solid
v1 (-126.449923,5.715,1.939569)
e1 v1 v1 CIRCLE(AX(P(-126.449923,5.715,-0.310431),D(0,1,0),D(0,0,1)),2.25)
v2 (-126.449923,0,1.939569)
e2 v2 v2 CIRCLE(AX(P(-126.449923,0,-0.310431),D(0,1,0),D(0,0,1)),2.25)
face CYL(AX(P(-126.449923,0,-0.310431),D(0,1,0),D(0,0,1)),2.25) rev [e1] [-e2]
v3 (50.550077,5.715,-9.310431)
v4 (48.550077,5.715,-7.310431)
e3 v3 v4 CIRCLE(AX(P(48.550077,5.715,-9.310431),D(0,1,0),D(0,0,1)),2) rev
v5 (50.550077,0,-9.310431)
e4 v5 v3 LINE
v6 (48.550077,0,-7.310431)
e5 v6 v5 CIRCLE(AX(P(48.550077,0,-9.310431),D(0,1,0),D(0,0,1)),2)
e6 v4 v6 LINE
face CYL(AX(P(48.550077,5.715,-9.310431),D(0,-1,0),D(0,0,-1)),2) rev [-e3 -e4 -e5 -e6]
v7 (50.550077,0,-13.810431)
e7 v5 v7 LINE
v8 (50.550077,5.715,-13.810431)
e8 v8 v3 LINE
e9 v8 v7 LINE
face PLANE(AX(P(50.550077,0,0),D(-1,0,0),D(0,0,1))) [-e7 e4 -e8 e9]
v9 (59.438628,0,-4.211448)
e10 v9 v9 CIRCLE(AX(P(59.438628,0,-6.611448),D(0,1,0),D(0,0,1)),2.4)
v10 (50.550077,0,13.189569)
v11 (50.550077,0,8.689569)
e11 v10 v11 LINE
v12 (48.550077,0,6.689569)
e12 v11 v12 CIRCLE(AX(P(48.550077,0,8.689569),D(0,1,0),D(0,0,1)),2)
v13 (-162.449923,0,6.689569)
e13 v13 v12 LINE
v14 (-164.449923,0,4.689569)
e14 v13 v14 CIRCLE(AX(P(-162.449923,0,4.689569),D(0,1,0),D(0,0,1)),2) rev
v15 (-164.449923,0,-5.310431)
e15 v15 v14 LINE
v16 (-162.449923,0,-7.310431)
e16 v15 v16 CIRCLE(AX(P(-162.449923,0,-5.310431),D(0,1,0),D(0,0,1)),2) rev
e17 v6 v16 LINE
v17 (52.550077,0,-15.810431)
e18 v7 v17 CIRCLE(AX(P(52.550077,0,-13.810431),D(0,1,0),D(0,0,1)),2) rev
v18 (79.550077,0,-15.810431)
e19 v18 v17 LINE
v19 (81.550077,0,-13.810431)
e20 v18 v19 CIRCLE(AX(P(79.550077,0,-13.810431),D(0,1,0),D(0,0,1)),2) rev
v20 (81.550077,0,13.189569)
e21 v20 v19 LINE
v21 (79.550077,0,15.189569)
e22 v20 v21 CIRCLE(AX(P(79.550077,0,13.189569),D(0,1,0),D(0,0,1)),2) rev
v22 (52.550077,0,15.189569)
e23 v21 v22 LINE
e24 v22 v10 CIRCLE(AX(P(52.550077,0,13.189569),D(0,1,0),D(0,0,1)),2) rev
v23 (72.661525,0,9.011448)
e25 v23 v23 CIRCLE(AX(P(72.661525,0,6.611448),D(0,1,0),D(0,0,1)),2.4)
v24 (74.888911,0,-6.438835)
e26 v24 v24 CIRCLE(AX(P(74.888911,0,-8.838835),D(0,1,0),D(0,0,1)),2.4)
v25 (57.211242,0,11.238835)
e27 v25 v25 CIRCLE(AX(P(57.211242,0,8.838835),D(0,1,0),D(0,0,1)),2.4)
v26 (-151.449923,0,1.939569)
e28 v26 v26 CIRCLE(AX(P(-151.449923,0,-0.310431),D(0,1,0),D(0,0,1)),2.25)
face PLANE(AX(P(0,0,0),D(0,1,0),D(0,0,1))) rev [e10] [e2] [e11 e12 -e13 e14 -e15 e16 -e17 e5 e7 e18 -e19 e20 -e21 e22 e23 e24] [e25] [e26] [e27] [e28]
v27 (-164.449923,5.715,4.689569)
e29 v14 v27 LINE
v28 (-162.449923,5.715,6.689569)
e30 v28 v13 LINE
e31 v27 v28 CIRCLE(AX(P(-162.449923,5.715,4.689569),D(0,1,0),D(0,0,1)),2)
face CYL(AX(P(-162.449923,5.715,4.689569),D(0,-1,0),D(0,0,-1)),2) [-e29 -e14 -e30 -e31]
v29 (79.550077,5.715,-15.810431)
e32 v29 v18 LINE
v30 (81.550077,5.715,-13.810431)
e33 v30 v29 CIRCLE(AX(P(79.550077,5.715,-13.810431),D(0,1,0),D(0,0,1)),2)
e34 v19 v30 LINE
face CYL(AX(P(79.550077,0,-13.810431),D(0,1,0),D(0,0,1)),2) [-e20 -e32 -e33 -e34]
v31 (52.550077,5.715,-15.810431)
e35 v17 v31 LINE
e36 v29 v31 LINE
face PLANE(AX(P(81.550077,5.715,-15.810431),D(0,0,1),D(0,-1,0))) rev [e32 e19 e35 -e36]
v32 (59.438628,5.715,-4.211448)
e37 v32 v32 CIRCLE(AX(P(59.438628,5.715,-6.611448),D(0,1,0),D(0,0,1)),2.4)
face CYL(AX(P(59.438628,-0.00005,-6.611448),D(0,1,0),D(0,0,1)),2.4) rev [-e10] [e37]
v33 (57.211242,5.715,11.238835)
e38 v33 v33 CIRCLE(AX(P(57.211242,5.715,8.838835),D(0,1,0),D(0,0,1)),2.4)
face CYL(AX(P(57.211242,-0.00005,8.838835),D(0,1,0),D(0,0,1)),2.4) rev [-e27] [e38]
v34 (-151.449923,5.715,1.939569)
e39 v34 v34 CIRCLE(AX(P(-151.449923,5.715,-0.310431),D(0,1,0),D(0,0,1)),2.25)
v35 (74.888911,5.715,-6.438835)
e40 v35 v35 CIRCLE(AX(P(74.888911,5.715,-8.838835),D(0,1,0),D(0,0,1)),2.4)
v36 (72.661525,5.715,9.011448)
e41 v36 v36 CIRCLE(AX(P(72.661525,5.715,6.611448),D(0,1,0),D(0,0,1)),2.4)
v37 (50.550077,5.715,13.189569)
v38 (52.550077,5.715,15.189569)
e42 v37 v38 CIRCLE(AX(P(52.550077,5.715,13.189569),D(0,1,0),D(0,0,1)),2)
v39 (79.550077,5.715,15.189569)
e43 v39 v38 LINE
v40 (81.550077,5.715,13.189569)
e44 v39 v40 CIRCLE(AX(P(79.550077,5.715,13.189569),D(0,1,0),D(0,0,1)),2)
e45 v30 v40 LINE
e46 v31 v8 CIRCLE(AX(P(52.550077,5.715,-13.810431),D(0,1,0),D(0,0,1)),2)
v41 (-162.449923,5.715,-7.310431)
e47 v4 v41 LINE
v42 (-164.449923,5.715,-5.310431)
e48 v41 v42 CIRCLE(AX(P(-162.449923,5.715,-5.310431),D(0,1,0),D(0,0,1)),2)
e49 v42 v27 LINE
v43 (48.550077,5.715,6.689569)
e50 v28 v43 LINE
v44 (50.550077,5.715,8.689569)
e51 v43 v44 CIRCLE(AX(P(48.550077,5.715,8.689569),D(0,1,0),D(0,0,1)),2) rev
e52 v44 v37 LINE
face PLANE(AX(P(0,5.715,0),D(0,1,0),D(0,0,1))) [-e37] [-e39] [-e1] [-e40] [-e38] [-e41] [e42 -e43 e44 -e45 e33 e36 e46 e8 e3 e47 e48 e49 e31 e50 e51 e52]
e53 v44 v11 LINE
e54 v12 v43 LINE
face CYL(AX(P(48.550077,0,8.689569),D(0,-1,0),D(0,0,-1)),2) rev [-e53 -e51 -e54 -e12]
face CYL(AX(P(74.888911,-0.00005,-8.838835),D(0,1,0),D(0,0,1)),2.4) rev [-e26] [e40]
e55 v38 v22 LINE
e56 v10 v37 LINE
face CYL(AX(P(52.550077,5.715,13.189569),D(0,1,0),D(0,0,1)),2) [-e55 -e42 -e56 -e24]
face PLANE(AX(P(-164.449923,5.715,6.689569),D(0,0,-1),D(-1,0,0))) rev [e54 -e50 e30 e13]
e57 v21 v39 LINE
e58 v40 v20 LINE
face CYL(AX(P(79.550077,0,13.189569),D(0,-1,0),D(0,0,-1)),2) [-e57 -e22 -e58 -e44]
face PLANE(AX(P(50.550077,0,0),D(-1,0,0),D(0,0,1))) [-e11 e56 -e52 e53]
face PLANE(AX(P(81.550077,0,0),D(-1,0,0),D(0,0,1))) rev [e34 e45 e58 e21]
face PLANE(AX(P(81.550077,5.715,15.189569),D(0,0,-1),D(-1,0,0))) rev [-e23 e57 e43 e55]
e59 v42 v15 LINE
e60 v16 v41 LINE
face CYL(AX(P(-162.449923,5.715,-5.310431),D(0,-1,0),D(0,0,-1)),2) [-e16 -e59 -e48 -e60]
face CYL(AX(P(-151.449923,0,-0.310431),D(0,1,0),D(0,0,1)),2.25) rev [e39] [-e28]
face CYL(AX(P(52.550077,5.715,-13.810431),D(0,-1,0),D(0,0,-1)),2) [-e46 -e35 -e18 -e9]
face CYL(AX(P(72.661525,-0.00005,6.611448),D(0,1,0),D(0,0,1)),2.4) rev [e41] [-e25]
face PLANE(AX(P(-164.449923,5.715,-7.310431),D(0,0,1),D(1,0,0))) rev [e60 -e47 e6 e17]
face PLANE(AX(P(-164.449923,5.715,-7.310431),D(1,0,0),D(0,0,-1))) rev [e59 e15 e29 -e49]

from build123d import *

# Parameters (mm, degrees)
SKETCH1_W           = 215
SKETCH1_H           = 14
BOSS_EXTRUDE1_DEPTH = 5.715
SKETCH2_R           = 2.25
CUT_EXTRUDE1_DEPTH  = 165.711508072
SKETCH3_W           = 31
SKETCH3_H           = 5.715
BOSS_EXTRUDE2_DEPTH = 31
SKETCH4_R           = 2.4
CUT_EXTRUDE2_DEPTH  = 166.307011988
FILLET1_R           = 2


with BuildPart() as part:
    # Sketch1 → Boss-Extrude1 (new body)
    with BuildSketch(Plane(origin=(0, 0, 0), x_dir=(1, 0, 0), z_dir=(0, 1, 0))):
        with Locations((-56.94992329, 0.310430648)):
            Rectangle(SKETCH1_W, SKETCH1_H)
    extrude(amount=BOSS_EXTRUDE1_DEPTH)

    # Sketch2 → Cut-Extrude1 (cut, through all)
    with BuildSketch(Plane(origin=(0, 5.715, 0), x_dir=(1, 0, 0), z_dir=(0, 1, 0))):
        with Locations(Location((-151.44992329, 0.310430648, 0), (0, 0, 270))):
            Circle(SKETCH2_R)
        with Locations(Location((-126.44992329, 0.310430648, 0), (0, 0, 270))):
            Circle(SKETCH2_R)
    extrude(amount=-CUT_EXTRUDE1_DEPTH, mode=Mode.SUBTRACT)

    # Sketch3 → Boss-Extrude2 (add)
    with BuildSketch(Plane(origin=(50.55007671, 0, 0), x_dir=(0, 0, -1), z_dir=(1, 0, 0))):
        with Locations((0.310430648, 2.8575)):
            Rectangle(SKETCH3_W, SKETCH3_H)
    extrude(amount=BOSS_EXTRUDE2_DEPTH)

    # Sketch4 → Cut-Extrude2 (cut, through all)
    with BuildSketch(Plane(origin=(0, 5.715, 0), x_dir=(1, 0, 0), z_dir=(0, 1, 0))):
        with Locations(Location((57.211241945, -8.838834765, 0), (0, 0, 270))):
            Circle(SKETCH4_R)
        with Locations(Location((59.438628306, 6.611448404, 0), (0, 0, 270))):
            Circle(SKETCH4_R)
        with Locations(Location((74.888911475, 8.838834765, 0), (0, 0, 270))):
            Circle(SKETCH4_R)
        with Locations(Location((72.661525114, -6.611448404, 0), (0, 0, 270))):
            Circle(SKETCH4_R)
    extrude(amount=-CUT_EXTRUDE2_DEPTH, mode=Mode.SUBTRACT)

    # Fillet1
    fillet1_edges = [part.edges().sort_by_distance(p)[0] for p in [
        (-164.44992329, 2.8575, -7.310430648),
        (-164.44992329, 2.8575, 6.689569352),
        (50.55007671, 2.8575, -7.310430648),
        (50.55007671, 2.8575, 6.689569352),
        (50.55007671, 2.8575, -15.810430648),
        (81.55007671, 2.8575, -15.810430648),
        (81.55007671, 2.8575, 15.189569352),
        (50.55007671, 2.8575, 15.189569352),
    ]]
    fillet(fillet1_edges, radius=FILLET1_R)


solid = part.part
